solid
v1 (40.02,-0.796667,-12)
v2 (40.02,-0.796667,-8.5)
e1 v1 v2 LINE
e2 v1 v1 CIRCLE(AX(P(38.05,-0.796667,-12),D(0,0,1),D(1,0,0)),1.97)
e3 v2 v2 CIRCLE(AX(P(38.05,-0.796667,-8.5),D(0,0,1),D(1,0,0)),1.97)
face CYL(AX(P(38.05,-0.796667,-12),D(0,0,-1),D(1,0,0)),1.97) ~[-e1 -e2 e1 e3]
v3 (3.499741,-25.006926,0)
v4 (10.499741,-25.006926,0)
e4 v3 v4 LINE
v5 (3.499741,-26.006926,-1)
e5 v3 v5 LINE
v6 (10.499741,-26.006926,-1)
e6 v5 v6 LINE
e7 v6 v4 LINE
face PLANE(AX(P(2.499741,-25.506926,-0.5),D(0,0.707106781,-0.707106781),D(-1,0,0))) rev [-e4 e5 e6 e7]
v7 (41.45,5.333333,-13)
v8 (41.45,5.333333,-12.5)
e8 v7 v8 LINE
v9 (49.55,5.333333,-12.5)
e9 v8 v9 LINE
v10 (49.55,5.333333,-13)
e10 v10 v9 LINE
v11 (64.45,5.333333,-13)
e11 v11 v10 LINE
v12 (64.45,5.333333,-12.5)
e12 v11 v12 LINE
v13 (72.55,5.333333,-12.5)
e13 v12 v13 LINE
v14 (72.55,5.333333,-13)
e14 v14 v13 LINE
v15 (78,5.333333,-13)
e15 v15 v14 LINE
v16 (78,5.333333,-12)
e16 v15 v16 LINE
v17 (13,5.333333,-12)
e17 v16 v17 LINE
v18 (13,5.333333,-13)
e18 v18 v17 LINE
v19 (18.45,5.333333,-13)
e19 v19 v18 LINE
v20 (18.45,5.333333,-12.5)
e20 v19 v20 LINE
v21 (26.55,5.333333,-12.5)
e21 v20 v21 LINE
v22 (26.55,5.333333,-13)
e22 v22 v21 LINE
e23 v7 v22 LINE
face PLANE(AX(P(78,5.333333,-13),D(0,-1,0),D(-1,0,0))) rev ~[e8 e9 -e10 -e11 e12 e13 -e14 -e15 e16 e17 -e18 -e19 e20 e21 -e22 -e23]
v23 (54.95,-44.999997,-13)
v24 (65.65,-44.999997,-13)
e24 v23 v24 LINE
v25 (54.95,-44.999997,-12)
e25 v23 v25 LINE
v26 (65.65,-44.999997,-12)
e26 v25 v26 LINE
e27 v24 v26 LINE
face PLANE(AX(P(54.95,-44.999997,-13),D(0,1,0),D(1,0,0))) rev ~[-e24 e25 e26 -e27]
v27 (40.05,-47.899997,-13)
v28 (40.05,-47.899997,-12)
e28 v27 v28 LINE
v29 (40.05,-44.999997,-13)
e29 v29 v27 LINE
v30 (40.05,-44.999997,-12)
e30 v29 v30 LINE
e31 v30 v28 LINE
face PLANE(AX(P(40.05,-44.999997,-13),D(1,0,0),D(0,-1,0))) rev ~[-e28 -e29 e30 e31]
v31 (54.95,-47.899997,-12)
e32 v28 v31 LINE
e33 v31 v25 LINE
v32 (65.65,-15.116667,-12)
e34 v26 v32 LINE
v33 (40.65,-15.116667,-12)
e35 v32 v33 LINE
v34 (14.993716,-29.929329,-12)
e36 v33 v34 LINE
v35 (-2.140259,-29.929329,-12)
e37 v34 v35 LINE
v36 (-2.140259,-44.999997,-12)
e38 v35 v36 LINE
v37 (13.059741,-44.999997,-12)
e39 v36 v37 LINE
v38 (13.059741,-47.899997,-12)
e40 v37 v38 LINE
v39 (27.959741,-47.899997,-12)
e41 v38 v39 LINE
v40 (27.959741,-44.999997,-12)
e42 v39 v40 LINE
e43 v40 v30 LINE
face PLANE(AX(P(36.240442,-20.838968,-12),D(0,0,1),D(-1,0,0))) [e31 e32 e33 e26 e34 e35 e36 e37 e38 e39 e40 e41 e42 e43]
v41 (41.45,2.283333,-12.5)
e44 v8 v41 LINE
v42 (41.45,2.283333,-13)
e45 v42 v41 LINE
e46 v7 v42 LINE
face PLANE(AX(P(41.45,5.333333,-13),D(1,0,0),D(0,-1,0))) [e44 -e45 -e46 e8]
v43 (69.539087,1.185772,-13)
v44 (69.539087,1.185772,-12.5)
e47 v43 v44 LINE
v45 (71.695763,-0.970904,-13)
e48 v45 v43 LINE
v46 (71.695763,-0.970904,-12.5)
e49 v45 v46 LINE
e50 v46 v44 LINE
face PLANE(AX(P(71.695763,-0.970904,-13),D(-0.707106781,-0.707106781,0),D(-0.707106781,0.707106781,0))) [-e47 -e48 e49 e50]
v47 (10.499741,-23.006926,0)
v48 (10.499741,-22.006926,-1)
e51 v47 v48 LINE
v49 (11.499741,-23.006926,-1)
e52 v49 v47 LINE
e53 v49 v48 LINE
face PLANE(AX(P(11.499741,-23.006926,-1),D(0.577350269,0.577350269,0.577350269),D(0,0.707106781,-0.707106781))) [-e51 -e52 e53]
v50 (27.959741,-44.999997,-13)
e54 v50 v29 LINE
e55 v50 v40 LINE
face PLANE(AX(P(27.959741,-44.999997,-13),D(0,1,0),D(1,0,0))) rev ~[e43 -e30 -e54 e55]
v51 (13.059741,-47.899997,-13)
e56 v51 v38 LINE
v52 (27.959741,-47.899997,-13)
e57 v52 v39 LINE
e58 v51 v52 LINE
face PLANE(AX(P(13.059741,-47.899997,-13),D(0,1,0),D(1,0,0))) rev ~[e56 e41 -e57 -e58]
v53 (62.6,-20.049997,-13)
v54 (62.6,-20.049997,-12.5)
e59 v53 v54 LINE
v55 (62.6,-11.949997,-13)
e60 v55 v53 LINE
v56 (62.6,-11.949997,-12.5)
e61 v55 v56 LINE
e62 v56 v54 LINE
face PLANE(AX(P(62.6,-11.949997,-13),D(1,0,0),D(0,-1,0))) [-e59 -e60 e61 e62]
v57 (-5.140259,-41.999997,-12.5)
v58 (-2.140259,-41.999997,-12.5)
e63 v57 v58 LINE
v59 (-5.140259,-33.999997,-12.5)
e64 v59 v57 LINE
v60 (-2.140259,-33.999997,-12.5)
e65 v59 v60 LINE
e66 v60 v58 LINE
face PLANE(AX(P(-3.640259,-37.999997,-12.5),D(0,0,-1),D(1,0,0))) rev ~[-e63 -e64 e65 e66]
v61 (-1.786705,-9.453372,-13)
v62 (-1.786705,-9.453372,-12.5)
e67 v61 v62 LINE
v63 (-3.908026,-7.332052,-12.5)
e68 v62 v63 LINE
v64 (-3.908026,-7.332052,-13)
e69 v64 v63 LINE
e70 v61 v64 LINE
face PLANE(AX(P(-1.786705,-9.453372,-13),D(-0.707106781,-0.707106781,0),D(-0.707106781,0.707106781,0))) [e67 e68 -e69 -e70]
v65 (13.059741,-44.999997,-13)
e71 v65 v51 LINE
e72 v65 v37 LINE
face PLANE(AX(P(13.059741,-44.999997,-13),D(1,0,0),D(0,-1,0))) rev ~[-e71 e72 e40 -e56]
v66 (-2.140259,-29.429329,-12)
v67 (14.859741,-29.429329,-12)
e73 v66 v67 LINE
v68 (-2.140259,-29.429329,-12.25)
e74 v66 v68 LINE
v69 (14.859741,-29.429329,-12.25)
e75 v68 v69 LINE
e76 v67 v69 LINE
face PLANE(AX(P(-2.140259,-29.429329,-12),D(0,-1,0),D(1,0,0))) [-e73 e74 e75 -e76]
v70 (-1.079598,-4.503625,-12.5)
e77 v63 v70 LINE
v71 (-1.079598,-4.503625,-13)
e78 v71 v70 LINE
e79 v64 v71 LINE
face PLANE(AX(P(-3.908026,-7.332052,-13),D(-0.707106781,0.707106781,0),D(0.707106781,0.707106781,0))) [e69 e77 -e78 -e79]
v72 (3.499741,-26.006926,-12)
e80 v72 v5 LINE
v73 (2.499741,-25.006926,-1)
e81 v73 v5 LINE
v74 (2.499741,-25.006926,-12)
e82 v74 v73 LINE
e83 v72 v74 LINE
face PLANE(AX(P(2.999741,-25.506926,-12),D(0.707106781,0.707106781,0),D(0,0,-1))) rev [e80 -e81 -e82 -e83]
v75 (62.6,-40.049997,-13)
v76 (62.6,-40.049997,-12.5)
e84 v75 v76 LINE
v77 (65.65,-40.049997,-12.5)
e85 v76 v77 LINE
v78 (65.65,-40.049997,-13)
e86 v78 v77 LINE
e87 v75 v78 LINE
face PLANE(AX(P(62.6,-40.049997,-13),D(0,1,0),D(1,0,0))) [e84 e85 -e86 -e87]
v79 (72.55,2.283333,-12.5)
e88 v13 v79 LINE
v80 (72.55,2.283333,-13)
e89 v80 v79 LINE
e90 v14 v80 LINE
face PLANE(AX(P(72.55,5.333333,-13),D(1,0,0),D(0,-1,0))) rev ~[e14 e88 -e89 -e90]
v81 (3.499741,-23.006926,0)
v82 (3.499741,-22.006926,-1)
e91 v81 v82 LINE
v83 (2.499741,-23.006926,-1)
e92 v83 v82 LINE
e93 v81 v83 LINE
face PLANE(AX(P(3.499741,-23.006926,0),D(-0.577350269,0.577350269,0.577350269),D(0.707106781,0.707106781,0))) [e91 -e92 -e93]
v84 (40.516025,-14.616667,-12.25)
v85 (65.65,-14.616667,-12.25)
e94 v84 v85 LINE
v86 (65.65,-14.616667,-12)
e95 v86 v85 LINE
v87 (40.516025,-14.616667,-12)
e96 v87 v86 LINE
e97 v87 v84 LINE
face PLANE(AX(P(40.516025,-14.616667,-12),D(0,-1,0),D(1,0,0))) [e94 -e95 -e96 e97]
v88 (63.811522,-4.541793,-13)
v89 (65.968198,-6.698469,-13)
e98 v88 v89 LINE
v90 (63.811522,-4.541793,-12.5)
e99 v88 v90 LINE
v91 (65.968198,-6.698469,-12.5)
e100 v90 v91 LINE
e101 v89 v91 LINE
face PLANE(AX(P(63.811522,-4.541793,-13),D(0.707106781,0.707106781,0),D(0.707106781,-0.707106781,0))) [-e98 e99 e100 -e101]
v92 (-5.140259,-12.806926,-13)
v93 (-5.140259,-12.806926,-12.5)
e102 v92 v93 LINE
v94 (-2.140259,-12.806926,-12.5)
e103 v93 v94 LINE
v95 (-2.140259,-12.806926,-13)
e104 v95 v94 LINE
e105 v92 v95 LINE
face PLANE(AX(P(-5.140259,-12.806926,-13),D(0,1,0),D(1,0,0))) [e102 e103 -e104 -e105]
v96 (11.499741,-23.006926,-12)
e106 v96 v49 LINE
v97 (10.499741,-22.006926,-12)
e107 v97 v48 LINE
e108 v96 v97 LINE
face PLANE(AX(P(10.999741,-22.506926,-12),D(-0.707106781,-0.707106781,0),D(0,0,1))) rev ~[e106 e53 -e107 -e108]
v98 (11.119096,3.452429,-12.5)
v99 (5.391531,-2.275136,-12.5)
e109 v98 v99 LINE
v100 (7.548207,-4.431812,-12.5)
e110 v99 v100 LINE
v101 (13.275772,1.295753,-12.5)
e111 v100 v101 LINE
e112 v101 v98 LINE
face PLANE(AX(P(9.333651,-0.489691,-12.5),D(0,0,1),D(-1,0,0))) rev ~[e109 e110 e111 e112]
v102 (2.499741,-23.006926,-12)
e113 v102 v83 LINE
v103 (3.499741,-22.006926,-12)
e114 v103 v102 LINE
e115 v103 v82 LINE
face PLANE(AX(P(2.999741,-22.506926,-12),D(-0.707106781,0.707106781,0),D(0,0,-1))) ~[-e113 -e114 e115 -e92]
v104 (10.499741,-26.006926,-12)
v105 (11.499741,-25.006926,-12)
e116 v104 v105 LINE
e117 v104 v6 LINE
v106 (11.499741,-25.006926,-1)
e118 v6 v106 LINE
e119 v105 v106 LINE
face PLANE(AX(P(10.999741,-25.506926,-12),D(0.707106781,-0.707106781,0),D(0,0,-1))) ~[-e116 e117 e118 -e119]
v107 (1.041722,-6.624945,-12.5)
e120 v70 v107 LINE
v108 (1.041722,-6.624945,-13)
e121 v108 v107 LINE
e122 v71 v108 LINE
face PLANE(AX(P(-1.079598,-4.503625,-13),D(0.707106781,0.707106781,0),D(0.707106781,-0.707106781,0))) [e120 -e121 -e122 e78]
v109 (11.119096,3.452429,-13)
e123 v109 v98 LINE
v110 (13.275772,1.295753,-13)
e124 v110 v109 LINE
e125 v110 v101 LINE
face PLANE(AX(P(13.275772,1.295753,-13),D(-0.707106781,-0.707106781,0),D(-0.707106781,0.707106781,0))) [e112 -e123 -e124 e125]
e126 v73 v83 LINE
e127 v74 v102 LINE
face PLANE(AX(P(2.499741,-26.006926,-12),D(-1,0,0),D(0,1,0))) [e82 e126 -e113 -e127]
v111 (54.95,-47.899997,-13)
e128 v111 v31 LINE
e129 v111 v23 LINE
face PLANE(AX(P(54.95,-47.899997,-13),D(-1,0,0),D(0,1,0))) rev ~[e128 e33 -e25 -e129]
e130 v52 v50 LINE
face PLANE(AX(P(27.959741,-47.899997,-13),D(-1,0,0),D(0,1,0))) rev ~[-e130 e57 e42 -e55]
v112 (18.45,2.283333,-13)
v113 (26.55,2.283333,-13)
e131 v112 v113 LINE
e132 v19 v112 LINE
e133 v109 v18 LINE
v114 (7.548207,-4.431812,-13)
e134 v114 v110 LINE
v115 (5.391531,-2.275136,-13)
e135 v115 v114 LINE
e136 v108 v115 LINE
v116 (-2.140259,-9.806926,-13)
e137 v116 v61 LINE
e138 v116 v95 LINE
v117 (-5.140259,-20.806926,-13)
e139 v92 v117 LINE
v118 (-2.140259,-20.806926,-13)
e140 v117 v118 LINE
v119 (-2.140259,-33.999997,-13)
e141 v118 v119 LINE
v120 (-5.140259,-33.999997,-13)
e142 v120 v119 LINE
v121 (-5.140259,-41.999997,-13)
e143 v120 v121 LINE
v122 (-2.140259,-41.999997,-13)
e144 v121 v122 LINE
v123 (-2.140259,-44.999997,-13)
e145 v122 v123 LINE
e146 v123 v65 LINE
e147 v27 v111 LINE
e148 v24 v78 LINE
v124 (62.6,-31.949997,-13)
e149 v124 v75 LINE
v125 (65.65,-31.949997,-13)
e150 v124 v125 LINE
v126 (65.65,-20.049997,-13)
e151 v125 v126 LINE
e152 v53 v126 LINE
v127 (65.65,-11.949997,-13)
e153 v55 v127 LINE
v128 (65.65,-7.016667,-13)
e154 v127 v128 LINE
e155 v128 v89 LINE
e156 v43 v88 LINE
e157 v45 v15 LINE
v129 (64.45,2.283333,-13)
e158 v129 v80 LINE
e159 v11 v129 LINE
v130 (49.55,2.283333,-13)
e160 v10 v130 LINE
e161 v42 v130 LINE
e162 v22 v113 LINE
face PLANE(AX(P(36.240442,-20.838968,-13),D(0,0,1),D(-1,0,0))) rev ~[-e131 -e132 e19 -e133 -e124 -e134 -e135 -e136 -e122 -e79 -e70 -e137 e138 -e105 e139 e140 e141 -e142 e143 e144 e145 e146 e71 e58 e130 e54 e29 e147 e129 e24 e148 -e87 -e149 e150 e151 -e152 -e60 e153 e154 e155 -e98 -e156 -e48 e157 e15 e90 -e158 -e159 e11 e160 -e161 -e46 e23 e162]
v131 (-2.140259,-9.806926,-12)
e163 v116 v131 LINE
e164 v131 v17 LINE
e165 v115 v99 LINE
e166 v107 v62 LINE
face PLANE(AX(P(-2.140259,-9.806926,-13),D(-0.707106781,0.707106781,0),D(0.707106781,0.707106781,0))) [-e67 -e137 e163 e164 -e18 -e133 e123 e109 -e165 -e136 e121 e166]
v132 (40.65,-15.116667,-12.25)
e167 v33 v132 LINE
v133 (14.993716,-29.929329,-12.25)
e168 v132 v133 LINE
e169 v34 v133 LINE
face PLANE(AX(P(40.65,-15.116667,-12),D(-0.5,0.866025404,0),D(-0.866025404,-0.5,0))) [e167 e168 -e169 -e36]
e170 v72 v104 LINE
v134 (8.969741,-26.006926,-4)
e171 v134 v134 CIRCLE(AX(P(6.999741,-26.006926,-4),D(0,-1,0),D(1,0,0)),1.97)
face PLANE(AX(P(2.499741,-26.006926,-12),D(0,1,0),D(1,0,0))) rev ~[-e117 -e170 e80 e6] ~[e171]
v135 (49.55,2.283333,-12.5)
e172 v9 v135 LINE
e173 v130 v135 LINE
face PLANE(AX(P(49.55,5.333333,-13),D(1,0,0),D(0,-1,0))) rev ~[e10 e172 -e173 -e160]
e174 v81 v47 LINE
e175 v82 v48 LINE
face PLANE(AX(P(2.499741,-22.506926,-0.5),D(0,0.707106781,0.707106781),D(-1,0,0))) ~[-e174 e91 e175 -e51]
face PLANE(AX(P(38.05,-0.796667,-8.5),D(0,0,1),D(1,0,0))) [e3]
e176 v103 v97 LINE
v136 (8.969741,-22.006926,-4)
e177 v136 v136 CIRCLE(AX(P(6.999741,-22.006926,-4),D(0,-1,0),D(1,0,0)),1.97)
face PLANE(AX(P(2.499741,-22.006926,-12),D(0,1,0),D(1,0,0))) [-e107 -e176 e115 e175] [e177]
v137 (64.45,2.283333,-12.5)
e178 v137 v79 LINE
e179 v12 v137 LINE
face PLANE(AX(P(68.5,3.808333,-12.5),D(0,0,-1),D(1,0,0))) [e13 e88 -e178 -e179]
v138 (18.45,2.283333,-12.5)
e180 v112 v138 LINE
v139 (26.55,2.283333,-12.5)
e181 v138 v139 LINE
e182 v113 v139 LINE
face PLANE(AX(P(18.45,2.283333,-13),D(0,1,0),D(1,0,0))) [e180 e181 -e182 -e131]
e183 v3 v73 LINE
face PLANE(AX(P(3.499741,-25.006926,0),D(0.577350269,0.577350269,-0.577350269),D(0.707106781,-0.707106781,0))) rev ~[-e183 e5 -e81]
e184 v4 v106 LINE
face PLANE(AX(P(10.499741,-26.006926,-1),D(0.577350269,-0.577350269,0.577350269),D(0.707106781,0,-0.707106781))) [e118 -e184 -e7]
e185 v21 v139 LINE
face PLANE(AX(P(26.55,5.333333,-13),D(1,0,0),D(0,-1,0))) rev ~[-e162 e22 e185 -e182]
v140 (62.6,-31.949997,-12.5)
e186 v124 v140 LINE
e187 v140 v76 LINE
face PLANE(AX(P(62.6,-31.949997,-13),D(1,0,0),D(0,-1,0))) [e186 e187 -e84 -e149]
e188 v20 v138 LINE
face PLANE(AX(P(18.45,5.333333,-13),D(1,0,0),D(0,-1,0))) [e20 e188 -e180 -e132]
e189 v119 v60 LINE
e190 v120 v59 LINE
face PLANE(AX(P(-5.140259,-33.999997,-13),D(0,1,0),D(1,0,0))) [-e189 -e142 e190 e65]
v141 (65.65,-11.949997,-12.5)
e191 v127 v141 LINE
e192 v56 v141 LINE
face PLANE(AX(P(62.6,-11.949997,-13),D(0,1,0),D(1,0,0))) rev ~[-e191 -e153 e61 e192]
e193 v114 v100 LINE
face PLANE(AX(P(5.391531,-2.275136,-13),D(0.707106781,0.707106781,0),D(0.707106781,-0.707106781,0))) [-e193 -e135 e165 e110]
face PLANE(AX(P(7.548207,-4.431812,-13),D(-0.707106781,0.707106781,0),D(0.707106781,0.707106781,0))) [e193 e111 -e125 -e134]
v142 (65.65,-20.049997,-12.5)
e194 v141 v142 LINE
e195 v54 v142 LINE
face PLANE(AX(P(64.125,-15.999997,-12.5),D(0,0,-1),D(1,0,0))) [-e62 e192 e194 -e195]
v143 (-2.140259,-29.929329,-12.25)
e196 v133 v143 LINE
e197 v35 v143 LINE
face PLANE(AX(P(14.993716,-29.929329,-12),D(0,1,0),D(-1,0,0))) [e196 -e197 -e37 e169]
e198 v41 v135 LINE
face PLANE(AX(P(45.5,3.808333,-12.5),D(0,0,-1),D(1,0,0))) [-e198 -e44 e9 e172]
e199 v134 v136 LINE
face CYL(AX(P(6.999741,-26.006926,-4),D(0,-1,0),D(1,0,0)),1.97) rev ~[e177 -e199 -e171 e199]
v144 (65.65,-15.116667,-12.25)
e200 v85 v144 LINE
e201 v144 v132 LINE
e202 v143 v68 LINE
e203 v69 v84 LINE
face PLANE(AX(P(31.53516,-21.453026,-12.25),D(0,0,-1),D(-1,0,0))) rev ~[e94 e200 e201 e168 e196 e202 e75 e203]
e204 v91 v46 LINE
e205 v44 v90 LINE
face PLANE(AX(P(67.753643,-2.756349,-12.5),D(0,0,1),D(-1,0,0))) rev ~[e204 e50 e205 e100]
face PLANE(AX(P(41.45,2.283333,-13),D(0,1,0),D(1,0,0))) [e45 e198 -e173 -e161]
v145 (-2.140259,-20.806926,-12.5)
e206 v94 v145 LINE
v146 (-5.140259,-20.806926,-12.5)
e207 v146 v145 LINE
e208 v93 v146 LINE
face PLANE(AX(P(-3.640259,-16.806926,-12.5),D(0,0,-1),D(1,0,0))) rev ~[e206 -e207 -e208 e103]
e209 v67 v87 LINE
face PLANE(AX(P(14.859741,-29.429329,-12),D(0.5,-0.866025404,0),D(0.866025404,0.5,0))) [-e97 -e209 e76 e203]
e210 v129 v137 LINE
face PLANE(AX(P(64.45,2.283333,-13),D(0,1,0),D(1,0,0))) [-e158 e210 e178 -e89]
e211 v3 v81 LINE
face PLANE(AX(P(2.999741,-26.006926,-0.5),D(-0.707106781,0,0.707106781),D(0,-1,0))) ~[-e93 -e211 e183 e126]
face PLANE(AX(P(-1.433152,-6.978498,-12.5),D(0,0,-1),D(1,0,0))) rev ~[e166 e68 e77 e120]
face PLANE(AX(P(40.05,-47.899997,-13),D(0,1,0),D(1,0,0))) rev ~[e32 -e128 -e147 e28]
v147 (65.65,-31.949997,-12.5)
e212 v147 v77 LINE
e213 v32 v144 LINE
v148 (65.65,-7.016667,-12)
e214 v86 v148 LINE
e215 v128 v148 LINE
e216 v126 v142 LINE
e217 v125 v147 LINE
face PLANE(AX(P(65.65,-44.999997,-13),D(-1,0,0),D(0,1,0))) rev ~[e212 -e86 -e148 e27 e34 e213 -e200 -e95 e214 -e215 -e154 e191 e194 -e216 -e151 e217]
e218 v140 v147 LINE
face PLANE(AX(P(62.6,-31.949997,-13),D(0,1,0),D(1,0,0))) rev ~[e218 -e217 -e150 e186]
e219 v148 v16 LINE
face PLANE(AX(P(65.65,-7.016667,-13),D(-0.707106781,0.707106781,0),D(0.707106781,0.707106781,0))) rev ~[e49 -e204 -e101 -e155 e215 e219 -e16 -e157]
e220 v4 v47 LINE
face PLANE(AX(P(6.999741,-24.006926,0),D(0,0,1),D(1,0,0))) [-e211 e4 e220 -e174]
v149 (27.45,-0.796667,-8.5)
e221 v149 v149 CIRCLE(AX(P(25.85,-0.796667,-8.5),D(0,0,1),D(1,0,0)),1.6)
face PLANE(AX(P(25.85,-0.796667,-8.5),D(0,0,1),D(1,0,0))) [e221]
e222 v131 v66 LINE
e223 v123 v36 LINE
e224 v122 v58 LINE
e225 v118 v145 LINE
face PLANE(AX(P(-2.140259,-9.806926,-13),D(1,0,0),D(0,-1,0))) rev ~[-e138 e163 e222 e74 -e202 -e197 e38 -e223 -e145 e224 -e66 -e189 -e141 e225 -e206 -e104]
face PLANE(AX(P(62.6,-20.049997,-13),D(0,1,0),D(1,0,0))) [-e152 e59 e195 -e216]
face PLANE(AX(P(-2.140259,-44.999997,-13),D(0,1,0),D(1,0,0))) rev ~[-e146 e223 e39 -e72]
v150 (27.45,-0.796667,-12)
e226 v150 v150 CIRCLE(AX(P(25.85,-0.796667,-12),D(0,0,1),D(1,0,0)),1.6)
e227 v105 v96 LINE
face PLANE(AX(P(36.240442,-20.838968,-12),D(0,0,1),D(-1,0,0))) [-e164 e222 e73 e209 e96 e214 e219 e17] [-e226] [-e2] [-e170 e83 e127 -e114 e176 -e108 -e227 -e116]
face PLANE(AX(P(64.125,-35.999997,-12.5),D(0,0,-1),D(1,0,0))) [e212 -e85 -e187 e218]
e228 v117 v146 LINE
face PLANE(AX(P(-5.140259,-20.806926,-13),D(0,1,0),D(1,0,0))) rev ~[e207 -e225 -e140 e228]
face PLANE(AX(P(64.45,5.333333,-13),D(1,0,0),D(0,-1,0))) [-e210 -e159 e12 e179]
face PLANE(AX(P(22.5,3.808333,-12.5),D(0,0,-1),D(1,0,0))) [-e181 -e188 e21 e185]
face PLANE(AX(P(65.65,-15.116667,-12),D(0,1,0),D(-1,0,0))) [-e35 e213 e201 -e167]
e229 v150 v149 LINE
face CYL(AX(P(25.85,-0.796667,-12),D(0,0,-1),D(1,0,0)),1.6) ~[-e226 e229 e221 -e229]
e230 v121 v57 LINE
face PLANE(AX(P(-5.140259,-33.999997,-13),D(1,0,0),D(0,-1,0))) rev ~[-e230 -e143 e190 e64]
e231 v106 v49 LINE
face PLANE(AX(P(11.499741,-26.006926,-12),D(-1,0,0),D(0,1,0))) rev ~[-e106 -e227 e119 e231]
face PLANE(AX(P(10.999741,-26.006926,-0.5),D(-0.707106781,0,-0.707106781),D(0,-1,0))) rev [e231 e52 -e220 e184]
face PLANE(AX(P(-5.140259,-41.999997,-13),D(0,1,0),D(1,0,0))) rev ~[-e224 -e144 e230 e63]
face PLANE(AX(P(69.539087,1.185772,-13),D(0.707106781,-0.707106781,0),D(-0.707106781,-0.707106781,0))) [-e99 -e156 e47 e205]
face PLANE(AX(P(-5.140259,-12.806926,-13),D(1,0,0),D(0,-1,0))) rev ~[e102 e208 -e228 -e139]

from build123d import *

# Parameters (mm, degrees)
PAD033_DEPTH    = 1
SKETCH055_W     = 8.1
SKETCH055_H     = 3.05
SKETCH055_W_2   = 3.05
SKETCH055_H_2   = 8.1
POCKET022_DEPTH = 0.5
POCKET023_DEPTH = 0.25
SKETCH057_W     = 3
SKETCH057_H     = 8
PAD034_DEPTH    = 0.5
SKETCH058_R     = 1.6
SKETCH058_R_2   = 1.97
PAD035_DEPTH    = 3.5
SKETCH059_W     = 9
SKETCH059_H     = 4
PAD036_DEPTH    = 12
SKETCH060_R     = 1.97
POCKET024_DEPTH = 31.34125859
CHAMFER009_SIZE = 1


with BuildPart() as part:
    # Sketch054 (on Face2 of Binder015) → Pad033 (new body)
    with BuildSketch(Plane(origin=(0, 0, -13), x_dir=(1, 0, 0), z_dir=(0, 0, -1))):
        Polygon((65.65, 44.999997), (65.65, 7.016667), (78, -5.333333), (13, -5.333333), (3.5165956595, 4.1500713405), (-2.14025859, 9.80692559), (-2.14025859, 44.999997), (13.05974141, 44.999997), (13.05974141, 47.899997), (27.95974141, 47.899997), (27.95974141, 44.999997), (40.05, 44.999997), (40.05, 47.899997), (54.95, 47.899997), (54.95, 44.999997), align=None)
    extrude(amount=-PAD033_DEPTH)

    # Sketch055 (on Face14 of Pad033) → Pocket022 (cut)
    with BuildSketch(Plane(origin=(0, 0, -13), x_dir=(1, 0, 0), z_dir=(0, 0, -1))):
        with Locations((22.5, -3.808333)):
            Rectangle(SKETCH055_W, SKETCH055_H)
        with Locations((45.5, -3.808333)):
            Rectangle(SKETCH055_W, SKETCH055_H)
        with Locations((68.5, -3.808333)):
            Rectangle(SKETCH055_W, SKETCH055_H)
        with Locations((64.125, 15.999997)):
            Rectangle(SKETCH055_W_2, SKETCH055_H_2)
        with Locations((64.125, 35.999997)):
            Rectangle(SKETCH055_W_2, SKETCH055_H_2)
        Polygon((71.6957629791, 0.9709040209), (69.5390872965, -1.1857716618), (63.8115223689, 4.5417932658), (65.9681980515, 6.6984689485), align=None)
        Polygon((11.119095962, -3.452428962), (5.3915310344, 2.2751359656), (7.5482067171, 4.4318116482), (13.2757716447, -1.2957532794), align=None)
    extrude(amount=-POCKET022_DEPTH, mode=Mode.SUBTRACT)

    # Sketch056 (on Face10 of Pocket022) → Pocket023 (cut)
    with BuildSketch(Plane.XY.offset(-12)):
        Polygon((65.65, -15.116667), (40.65, -15.116667), (14.9937160062, -29.9293294702), (-2.14025859, -29.9293294702), (-2.14025859, -29.4293294702), (14.85974141, -29.4293294702), (40.5160254038, -14.616667), (65.65, -14.616667), align=None)
    extrude(amount=-POCKET023_DEPTH, mode=Mode.SUBTRACT)

    # Sketch057 (on Face2 of Pocket023) → Pad034 (join)
    with BuildSketch(Plane(origin=(0, 0, -13), x_dir=(1, 0, 0), z_dir=(0, 0, -1))):
        with Locations((-3.64025859, 16.80692559)):
            Rectangle(SKETCH057_W, SKETCH057_H)
        with Locations((-3.64025859, 37.999997)):
            Rectangle(SKETCH057_W, SKETCH057_H)
        Polygon((1.0417219254, 6.6249450746), (-1.7867051994, 9.4533721994), (-3.9080255429, 7.3320518558), (-1.0795984182, 4.5036247311), align=None)
    extrude(amount=-PAD034_DEPTH)

    # Sketch058 (on Face9 of Pad034) → Pad035 (join)
    with BuildSketch(Plane.XY.offset(-12)):
        with Locations((25.85, -0.796667)):
            Circle(SKETCH058_R)
        with Locations((38.05, -0.796667)):
            Circle(SKETCH058_R_2)
    extrude(amount=PAD035_DEPTH)

    # Sketch059 (on Face10 of Pad035) → Pad036 (join)
    with BuildSketch(Plane.XY.offset(-12)):
        with Locations((6.99974141, -24.00692559)):
            Rectangle(SKETCH059_W, SKETCH059_H)
    extrude(amount=PAD036_DEPTH)

    # Sketch060 (on Face57 of Pad036) → Pocket024 (cut, through all)
    with BuildSketch(Plane.XZ.offset(26.00692559)):
        with Locations((6.99974141, -4)):
            Circle(SKETCH060_R)
    extrude(amount=-POCKET024_DEPTH, mode=Mode.SUBTRACT)

    # Chamfer009
    chamfer009_edges = [part.edges().sort_by_distance(p)[0] for p in [
        (2.499741, -26.006926, -6),
        (2.499741, -22.006926, -6),
        (2.499741, -24.006926, 0),
        (6.999741, -22.006926, 0),
        (11.499741, -24.006926, 0),
        (6.999741, -26.006926, 0),
        (11.499741, -26.006926, -6),
        (11.499741, -22.006926, -6),
    ]]
    chamfer(chamfer009_edges, length=CHAMFER009_SIZE)


solid = part.part
